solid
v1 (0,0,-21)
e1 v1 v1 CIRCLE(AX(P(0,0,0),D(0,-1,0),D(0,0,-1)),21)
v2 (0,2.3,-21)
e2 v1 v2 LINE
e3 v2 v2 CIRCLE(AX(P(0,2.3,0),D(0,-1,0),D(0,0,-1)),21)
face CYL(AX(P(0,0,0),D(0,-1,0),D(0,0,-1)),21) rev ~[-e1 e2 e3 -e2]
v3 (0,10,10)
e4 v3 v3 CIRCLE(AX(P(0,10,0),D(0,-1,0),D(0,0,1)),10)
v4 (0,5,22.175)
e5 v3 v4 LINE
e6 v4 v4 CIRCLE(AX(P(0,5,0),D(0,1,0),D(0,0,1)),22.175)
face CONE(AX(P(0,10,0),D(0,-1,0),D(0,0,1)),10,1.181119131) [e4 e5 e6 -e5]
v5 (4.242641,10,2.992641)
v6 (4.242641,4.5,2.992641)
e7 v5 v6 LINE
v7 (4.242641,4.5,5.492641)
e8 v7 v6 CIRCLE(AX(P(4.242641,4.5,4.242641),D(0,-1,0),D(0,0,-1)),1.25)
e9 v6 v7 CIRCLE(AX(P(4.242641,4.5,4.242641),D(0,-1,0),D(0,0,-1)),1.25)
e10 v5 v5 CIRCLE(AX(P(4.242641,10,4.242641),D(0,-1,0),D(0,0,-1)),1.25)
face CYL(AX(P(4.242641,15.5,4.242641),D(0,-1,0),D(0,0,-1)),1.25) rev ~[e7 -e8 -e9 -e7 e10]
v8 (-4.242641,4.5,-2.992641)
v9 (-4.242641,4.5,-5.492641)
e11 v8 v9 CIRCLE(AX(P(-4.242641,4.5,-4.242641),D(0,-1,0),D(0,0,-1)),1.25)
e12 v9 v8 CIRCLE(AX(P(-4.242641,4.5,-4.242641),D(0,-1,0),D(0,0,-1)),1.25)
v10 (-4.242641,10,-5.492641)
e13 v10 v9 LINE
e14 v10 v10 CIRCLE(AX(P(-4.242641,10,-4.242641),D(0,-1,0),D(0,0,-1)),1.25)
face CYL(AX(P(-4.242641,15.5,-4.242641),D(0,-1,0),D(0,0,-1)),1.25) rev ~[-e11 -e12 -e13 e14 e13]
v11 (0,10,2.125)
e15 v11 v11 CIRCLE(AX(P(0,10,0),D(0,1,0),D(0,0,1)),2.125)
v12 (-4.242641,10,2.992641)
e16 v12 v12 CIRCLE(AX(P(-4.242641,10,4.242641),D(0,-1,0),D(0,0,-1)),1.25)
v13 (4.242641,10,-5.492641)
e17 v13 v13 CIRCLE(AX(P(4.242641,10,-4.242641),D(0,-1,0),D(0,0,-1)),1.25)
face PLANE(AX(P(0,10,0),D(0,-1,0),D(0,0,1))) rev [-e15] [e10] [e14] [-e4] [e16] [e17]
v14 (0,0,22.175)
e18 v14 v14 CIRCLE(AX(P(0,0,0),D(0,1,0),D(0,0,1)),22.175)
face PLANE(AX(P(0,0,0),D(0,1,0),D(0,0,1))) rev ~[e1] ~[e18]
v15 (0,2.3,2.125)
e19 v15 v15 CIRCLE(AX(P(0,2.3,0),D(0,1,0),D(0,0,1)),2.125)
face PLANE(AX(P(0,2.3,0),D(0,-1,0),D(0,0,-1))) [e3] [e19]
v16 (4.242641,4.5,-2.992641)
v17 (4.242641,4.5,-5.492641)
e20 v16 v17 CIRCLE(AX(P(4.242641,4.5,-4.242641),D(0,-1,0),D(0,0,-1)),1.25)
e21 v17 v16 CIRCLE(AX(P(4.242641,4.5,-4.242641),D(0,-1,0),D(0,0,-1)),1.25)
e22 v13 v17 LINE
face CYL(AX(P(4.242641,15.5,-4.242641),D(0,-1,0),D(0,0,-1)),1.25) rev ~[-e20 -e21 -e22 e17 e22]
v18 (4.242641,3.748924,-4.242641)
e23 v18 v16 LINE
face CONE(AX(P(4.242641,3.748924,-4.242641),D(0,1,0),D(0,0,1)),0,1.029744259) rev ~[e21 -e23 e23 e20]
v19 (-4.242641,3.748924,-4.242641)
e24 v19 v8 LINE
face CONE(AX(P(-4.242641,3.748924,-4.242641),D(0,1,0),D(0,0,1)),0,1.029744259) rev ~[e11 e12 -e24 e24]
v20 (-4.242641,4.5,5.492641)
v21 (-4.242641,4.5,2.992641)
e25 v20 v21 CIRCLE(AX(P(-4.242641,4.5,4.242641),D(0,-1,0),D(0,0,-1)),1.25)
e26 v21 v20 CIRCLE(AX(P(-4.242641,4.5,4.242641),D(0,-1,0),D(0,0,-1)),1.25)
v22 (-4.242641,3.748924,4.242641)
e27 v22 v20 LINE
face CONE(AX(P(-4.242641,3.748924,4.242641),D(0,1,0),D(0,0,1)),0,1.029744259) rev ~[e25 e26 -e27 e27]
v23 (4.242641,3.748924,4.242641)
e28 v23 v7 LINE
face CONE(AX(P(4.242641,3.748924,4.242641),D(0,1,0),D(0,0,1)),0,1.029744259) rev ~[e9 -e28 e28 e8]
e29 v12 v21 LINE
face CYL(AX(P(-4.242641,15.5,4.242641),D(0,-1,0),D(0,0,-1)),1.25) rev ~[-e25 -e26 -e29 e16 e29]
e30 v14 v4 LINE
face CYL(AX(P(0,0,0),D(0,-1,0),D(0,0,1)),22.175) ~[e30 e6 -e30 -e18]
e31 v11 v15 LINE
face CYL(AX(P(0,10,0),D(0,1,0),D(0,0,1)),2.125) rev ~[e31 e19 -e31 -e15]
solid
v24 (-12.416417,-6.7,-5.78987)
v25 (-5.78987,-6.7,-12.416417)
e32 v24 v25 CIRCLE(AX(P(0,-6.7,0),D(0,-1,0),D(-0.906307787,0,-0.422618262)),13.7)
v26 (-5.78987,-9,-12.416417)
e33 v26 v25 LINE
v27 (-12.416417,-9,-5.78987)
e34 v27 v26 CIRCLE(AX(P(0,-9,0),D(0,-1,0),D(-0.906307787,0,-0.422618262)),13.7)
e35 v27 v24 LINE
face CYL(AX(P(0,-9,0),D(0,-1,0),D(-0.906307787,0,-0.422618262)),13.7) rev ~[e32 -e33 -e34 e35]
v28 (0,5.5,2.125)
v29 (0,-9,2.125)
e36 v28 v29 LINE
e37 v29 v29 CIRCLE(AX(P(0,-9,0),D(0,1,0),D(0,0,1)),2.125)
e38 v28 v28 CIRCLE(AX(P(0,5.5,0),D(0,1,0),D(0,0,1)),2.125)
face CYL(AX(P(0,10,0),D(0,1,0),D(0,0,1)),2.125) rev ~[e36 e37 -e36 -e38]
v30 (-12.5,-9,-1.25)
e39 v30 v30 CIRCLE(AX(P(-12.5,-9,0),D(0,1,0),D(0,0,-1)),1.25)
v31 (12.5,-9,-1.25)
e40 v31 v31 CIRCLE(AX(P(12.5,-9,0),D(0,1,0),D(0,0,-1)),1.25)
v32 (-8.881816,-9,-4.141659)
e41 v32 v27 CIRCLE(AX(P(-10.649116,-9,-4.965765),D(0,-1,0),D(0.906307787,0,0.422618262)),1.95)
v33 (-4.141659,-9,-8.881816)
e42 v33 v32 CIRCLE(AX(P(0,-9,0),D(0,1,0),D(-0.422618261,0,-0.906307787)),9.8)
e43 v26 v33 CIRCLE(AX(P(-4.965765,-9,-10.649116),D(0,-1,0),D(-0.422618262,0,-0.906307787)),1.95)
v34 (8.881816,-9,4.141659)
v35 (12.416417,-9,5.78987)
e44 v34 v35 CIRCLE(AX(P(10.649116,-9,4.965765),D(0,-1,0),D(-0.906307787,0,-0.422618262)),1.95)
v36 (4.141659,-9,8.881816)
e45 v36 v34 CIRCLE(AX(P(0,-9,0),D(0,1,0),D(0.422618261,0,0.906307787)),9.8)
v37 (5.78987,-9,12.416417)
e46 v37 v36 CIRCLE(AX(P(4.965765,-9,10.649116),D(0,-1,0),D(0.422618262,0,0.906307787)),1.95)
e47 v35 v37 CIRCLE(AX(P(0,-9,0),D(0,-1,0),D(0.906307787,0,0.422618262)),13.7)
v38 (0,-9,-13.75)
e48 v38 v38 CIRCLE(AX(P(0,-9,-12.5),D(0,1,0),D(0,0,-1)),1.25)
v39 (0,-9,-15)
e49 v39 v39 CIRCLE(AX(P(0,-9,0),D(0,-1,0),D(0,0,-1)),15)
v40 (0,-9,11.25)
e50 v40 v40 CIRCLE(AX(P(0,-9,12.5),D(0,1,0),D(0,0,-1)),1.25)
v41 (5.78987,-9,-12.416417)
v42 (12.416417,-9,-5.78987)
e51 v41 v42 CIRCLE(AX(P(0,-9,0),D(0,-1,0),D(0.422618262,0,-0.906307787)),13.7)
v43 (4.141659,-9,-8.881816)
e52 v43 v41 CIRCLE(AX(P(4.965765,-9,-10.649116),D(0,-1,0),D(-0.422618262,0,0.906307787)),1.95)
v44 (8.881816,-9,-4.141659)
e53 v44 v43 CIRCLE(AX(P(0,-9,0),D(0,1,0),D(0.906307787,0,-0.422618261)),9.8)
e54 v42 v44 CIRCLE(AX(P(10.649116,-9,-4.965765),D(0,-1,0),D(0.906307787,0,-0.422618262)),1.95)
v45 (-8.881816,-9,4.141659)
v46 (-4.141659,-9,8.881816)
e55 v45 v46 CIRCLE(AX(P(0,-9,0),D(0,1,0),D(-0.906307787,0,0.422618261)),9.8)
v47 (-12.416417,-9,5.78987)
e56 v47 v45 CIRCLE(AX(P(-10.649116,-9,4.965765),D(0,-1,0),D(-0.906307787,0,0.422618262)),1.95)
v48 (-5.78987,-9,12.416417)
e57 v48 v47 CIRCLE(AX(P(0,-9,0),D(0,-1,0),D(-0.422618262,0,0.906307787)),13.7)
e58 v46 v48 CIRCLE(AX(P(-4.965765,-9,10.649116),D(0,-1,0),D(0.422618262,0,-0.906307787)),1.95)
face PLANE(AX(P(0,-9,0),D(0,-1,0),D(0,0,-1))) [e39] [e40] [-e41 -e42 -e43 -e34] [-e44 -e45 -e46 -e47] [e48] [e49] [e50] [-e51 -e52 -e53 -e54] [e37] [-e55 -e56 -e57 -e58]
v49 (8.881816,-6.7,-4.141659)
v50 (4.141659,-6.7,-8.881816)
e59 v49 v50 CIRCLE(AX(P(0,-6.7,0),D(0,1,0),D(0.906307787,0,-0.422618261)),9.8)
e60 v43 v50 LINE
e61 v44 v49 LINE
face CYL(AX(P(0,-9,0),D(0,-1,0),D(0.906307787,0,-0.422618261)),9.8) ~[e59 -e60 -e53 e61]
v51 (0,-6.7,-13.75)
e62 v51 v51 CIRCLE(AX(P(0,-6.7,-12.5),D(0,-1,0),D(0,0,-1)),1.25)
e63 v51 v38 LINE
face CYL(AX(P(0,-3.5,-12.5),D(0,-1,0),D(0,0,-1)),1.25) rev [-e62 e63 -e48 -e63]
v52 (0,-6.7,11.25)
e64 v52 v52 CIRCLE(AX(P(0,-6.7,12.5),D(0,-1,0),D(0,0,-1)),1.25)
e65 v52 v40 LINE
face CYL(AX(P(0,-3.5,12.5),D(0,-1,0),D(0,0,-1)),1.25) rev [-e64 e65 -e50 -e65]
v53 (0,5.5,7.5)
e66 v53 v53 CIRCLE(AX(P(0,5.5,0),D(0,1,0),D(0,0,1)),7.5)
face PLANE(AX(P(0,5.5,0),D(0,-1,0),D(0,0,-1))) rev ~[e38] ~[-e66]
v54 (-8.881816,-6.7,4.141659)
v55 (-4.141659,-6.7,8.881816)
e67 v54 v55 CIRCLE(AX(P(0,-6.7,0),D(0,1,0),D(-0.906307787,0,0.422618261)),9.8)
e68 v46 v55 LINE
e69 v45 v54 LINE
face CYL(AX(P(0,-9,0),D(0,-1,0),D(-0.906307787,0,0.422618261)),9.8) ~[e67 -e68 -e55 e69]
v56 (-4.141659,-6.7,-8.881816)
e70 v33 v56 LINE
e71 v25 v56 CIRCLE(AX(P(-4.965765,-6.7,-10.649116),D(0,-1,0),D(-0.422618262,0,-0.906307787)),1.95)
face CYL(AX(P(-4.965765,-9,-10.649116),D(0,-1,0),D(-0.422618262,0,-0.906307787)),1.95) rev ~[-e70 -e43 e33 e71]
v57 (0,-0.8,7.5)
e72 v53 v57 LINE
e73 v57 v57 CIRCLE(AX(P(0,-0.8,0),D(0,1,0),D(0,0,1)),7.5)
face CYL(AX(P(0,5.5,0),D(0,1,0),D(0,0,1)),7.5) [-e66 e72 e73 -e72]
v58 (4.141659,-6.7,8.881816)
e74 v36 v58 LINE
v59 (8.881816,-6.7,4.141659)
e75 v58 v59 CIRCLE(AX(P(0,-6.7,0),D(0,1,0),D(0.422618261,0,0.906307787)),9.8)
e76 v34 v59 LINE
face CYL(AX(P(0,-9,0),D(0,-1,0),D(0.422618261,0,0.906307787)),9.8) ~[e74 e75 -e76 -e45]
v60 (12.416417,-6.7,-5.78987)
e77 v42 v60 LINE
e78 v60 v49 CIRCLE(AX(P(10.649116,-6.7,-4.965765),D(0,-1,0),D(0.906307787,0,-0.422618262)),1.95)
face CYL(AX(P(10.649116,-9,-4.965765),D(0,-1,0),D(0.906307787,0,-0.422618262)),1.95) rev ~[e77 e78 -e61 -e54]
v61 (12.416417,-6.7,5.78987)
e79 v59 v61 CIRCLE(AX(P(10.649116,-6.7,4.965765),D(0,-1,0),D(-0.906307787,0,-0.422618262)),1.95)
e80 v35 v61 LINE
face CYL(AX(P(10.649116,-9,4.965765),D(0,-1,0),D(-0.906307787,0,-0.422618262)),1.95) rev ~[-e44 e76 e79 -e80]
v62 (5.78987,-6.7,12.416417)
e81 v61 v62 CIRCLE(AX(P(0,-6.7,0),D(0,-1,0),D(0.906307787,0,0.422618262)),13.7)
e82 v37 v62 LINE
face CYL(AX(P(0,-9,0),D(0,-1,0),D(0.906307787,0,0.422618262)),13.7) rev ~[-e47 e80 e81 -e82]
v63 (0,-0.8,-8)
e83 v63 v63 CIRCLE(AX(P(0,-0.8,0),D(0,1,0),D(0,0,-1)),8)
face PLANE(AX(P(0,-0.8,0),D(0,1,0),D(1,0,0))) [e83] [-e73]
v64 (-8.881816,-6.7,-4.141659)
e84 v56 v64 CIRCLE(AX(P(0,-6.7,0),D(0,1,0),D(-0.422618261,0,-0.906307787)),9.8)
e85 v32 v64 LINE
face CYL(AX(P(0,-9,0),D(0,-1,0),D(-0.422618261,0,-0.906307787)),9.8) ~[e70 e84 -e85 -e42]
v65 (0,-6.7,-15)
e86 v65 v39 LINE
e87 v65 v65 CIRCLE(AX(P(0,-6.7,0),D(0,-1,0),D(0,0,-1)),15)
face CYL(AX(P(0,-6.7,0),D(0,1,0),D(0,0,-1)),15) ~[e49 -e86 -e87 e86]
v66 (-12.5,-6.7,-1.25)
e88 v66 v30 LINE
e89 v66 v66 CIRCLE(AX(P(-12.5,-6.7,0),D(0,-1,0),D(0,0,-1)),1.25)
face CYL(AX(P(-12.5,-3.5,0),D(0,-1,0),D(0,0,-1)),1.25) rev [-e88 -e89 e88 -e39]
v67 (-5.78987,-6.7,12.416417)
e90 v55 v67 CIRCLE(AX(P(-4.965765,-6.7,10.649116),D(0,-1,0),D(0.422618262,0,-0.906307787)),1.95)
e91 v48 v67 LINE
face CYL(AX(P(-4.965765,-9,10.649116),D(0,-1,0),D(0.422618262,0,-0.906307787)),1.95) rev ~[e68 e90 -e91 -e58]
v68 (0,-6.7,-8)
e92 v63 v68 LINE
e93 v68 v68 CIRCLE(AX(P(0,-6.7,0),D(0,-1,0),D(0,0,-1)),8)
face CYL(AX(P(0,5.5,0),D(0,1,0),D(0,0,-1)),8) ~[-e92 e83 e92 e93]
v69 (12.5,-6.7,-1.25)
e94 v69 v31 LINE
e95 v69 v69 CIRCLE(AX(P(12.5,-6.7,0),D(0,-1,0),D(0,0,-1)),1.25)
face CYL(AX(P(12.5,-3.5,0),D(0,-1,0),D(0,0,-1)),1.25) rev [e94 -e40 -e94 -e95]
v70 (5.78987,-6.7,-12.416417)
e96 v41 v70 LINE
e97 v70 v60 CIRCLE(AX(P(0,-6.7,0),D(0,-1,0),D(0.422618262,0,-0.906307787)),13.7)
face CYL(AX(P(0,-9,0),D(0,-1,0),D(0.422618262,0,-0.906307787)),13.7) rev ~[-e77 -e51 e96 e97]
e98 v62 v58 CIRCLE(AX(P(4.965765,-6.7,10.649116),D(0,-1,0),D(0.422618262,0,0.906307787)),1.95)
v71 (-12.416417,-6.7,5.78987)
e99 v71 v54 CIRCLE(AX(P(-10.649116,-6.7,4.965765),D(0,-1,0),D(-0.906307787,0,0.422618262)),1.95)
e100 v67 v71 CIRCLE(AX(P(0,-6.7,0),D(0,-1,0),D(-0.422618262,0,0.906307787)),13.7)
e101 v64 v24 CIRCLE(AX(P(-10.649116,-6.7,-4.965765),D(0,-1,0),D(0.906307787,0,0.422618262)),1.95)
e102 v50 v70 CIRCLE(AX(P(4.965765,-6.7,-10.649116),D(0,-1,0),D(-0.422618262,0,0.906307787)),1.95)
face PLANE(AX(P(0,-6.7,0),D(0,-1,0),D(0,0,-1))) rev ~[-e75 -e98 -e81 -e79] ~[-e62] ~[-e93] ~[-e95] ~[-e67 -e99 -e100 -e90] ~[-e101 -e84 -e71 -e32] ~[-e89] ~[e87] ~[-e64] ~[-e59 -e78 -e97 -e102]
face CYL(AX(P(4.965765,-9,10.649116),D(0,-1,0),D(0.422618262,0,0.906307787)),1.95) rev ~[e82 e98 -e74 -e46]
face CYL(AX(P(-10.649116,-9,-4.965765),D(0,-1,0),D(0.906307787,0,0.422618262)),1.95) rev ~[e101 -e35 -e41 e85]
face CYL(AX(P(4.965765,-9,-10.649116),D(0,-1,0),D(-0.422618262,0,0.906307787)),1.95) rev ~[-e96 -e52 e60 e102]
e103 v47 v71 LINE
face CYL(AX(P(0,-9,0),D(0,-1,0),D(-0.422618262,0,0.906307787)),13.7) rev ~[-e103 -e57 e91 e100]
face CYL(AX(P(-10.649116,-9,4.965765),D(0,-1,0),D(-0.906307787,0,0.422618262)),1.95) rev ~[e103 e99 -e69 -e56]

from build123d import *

# Parameters (mm, degrees)
ESQUISSE1_R                = 22.175
BOSS_EXTRU_1_DEPTH         = 5
TROU_TARAUD_M31_D          = 2.5
TROU_TARAUD_M31_DEPTH      = 5.5
TROU_TARAUD_M31_TIP        = 0.751075774
BOSS_EXTRU_2_DEPTH         = 6.7
BOSS_EXTRU_2_DEPTH_BACK    = 5.5
ESQUISSE9_R                = 8
ESQUISSE10_R               = 15
BOSS_EXTRU_3_DEPTH         = 2.3
TROU_TARAUD_M32_AT_2_COUNT = 2
TROU_TARAUD_M32_AT_2_PITCH = 17.67766953
TROU_TARAUD_M32_AT_3_COUNT = 2
TROU_TARAUD_M32_AT_3_PITCH = 17.67766953
TROU_TARAUD_M32_AT_4_COUNT = 2
TROU_TARAUD_M32_AT_4_PITCH = 25
ENL_V_MAT_EXTRU_2_DEPTH    = 2.3
ESQUISSE14_R               = 2.125
ENL_V_MAT_EXTRU_3_DEPTH    = 37.666895833
ESQUISSE15_R               = 21
ENL_V_MAT_EXTRU_4_DEPTH    = 2.3
ESQUISSE16_OUTSIDE_W       = 59.458
ESQUISSE16_OUTSIDE_H       = 59.458
ESQUISSE16_OUTSIDE_R       = 7.5
ENL_V_MAT_EXTRU_5_DEPTH    = 6.3


with BuildPart() as part:
    # Esquisse1 → Boss.-Extru.1 (new body)
    with BuildSketch(Plane(origin=(0, 0, 0), x_dir=(1, 0, 0), z_dir=(0, 1, 0))):
        with Locations(Location((0, 0, 0), (0, 0, 270))):
            Circle(ESQUISSE1_R)
    extrude(amount=BOSS_EXTRU_1_DEPTH)

    # Esquisse2 → Révolution1 (revolve)
    with BuildSketch(Plane.XY, mode=Mode.PRIVATE) as r_volution1_sk:
        Polygon((0, 10), (-10, 10), (-22.175, 5), (0, 5), align=None)
    revolve(r_volution1_sk.sketch.rotate(Axis((0, 17.696721124, 0), (0, -1, 0)), 270), axis=Axis((0, 17.696721124, 0), (0, -1, 0)))

    # Trou taraudé M31
    with Locations(Plane(origin=(4.242640687, 10, -4.242640687), x_dir=(0, 0, 1), z_dir=(0, 1, 0))):
        with Locations((0, 0), (8.485281374, 0), (8.485281374, -8.485281374), (0, -8.485281374)):
            Hole(TROU_TARAUD_M31_D / 2, depth=TROU_TARAUD_M31_DEPTH)
            with Locations((0, 0, -(TROU_TARAUD_M31_DEPTH + TROU_TARAUD_M31_TIP / 2))):  # 118° drill point
                Cone(0, TROU_TARAUD_M31_D / 2, TROU_TARAUD_M31_TIP, mode=Mode.SUBTRACT)


with BuildPart() as body_2:
    # Esquisse9 → Boss.-Extru.2 (new, two sides: drawn at the far end of the back side and taken through both)
    with BuildSketch(Plane.XZ.offset(-BOSS_EXTRU_2_DEPTH_BACK)):
        with Locations(Location((0, 0, 0), (0, 0, 270))):
            Circle(ESQUISSE9_R)
    extrude(amount=BOSS_EXTRU_2_DEPTH + BOSS_EXTRU_2_DEPTH_BACK)

    # Esquisse10 → Boss.-Extru.3 (add)
    with BuildSketch(Plane.XZ.offset(6.7)):
        with Locations(Location((0, 0, 0), (0, 0, 270))):
            Circle(ESQUISSE10_R)
    extrude(amount=BOSS_EXTRU_3_DEPTH)

    # Esquisse12 → Trou taraudé M32 (revolve, cut)
    with BuildSketch(Plane(origin=(0, -9, 12.5), x_dir=(0, 0, -1), z_dir=(1, 0, 0))):
        Polygon((0, 0), (0, 6.251075774), (1.25, 5.5), (1.25, 0), align=None)
    trou_taraud_m32 = revolve(axis=Axis((0, -15.35, 12.5), (0, 1, 0)), mode=Mode.SUBTRACT)

    # Trou taraudé M32 at 2: Trou taraudé M32 ×2
    with Locations(*[Vector(0.7071067811865676, 0, -0.7071067811865276) * (i * TROU_TARAUD_M32_AT_2_PITCH) for i in range(1, TROU_TARAUD_M32_AT_2_COUNT)]):
        add(trou_taraud_m32, mode=Mode.SUBTRACT)

    # Trou taraudé M32 at 3: Trou taraudé M32 ×2
    with Locations(*[Vector(-0.7071067811865276, 0, -0.7071067811865676) * (i * TROU_TARAUD_M32_AT_3_PITCH) for i in range(1, TROU_TARAUD_M32_AT_3_COUNT)]):
        add(trou_taraud_m32, mode=Mode.SUBTRACT)

    # Trou taraudé M32 at 4: Trou taraudé M32 ×2
    with Locations(*[(0, 0, -i * TROU_TARAUD_M32_AT_4_PITCH) for i in range(1, TROU_TARAUD_M32_AT_4_COUNT)]):
        add(trou_taraud_m32, mode=Mode.SUBTRACT)

    # Esquisse13 → Enlèv. mat.-Extru.2 (cut)
    with BuildSketch(Plane.XZ.offset(9)):
        with BuildLine():
            ThreePointArc((-5.789870186, 12.416416682), (-9.687362902, 9.687362902), (-12.416416682, 5.789870186))
            ThreePointArc((-12.416416682, 5.789870186), (-11.473222108, 3.198464391), (-8.881816313, 4.141658965))
            ThreePointArc((-8.881816313, 4.141658965), (-6.929646456, 6.929646456), (-4.141658965, 8.881816313))
            ThreePointArc((-4.141658965, 8.881816313), (-3.198464391, 11.473222108), (-5.789870186, 12.416416682))
        make_face()
        with BuildLine():
            ThreePointArc((12.416416682, 5.789870186), (9.687362902, 9.687362902), (5.789870186, 12.416416682))
            ThreePointArc((5.789870186, 12.416416682), (3.198464391, 11.473222108), (4.141658965, 8.881816313))
            ThreePointArc((4.141658965, 8.881816313), (6.929646456, 6.929646456), (8.881816313, 4.141658965))
            ThreePointArc((8.881816313, 4.141658965), (11.473222108, 3.198464391), (12.416416682, 5.789870186))
        make_face()
        with BuildLine():
            ThreePointArc((5.789870186, -12.416416682), (9.687362902, -9.687362902), (12.416416682, -5.789870186))
            ThreePointArc((12.416416682, -5.789870186), (11.473222108, -3.198464391), (8.881816313, -4.141658965))
            ThreePointArc((8.881816313, -4.141658965), (6.929646456, -6.929646456), (4.141658965, -8.881816313))
            ThreePointArc((4.141658965, -8.881816313), (3.198464391, -11.473222108), (5.789870186, -12.416416682))
        make_face()
        with BuildLine():
            ThreePointArc((-12.416416682, -5.789870186), (-9.687362902, -9.687362902), (-5.789870186, -12.416416682))
            ThreePointArc((-5.789870186, -12.416416682), (-3.198464391, -11.473222108), (-4.141658965, -8.881816313))
            ThreePointArc((-4.141658965, -8.881816313), (-6.929646456, -6.929646456), (-8.881816313, -4.141658965))
            ThreePointArc((-8.881816313, -4.141658965), (-11.473222108, -3.198464391), (-12.416416682, -5.789870186))
        make_face()
    extrude(amount=-ENL_V_MAT_EXTRU_2_DEPTH, mode=Mode.SUBTRACT)


with BuildPart() as enl_v_mat_extru_3_tool:
    # Esquisse14 → Enlèv. mat.-Extru.3 (new, through all)
    with BuildSketch(Plane(origin=(0, 10, 0), x_dir=(1, 0, 0), z_dir=(0, 1, 0))):
        with Locations(Location((0, 0, 0), (0, 0, 270))):
            Circle(ESQUISSE14_R)
    extrude(amount=-ENL_V_MAT_EXTRU_3_DEPTH)


with BuildPart() as part_1:
    add(part.part)

    # Enlèv. mat.-Extru.3: cut by enl_v_mat_extru_3_tool
    add(enl_v_mat_extru_3_tool.part, mode=Mode.SUBTRACT)

    # Esquisse15 → Enlèv. mat.-Extru.4 (cut)
    with BuildSketch(Plane.XZ):
        with Locations(Location((0, 0, 0), (0, 0, 270))):
            Circle(ESQUISSE15_R)
    extrude(amount=-ENL_V_MAT_EXTRU_4_DEPTH, mode=Mode.SUBTRACT)


with BuildPart() as body_2_1:
    add(body_2.part)

    # Enlèv. mat.-Extru.3: cut by enl_v_mat_extru_3_tool
    add(enl_v_mat_extru_3_tool.part, mode=Mode.SUBTRACT)

    # Esquisse16 outside → Enlèv. mat.-Extru.5 (cut)
    with BuildSketch(Plane(origin=(0, 5.5, 0), x_dir=(1, 0, 0), z_dir=(0, 1, 0))):
        Rectangle(ESQUISSE16_OUTSIDE_W, ESQUISSE16_OUTSIDE_H)
        with Locations(Location((0, 0, 0), (0, 0, 270))):
            Circle(ESQUISSE16_OUTSIDE_R, mode=Mode.SUBTRACT)
    extrude(amount=-ENL_V_MAT_EXTRU_5_DEPTH, mode=Mode.SUBTRACT)


solid = Compound([part_1.part, body_2_1.part])
